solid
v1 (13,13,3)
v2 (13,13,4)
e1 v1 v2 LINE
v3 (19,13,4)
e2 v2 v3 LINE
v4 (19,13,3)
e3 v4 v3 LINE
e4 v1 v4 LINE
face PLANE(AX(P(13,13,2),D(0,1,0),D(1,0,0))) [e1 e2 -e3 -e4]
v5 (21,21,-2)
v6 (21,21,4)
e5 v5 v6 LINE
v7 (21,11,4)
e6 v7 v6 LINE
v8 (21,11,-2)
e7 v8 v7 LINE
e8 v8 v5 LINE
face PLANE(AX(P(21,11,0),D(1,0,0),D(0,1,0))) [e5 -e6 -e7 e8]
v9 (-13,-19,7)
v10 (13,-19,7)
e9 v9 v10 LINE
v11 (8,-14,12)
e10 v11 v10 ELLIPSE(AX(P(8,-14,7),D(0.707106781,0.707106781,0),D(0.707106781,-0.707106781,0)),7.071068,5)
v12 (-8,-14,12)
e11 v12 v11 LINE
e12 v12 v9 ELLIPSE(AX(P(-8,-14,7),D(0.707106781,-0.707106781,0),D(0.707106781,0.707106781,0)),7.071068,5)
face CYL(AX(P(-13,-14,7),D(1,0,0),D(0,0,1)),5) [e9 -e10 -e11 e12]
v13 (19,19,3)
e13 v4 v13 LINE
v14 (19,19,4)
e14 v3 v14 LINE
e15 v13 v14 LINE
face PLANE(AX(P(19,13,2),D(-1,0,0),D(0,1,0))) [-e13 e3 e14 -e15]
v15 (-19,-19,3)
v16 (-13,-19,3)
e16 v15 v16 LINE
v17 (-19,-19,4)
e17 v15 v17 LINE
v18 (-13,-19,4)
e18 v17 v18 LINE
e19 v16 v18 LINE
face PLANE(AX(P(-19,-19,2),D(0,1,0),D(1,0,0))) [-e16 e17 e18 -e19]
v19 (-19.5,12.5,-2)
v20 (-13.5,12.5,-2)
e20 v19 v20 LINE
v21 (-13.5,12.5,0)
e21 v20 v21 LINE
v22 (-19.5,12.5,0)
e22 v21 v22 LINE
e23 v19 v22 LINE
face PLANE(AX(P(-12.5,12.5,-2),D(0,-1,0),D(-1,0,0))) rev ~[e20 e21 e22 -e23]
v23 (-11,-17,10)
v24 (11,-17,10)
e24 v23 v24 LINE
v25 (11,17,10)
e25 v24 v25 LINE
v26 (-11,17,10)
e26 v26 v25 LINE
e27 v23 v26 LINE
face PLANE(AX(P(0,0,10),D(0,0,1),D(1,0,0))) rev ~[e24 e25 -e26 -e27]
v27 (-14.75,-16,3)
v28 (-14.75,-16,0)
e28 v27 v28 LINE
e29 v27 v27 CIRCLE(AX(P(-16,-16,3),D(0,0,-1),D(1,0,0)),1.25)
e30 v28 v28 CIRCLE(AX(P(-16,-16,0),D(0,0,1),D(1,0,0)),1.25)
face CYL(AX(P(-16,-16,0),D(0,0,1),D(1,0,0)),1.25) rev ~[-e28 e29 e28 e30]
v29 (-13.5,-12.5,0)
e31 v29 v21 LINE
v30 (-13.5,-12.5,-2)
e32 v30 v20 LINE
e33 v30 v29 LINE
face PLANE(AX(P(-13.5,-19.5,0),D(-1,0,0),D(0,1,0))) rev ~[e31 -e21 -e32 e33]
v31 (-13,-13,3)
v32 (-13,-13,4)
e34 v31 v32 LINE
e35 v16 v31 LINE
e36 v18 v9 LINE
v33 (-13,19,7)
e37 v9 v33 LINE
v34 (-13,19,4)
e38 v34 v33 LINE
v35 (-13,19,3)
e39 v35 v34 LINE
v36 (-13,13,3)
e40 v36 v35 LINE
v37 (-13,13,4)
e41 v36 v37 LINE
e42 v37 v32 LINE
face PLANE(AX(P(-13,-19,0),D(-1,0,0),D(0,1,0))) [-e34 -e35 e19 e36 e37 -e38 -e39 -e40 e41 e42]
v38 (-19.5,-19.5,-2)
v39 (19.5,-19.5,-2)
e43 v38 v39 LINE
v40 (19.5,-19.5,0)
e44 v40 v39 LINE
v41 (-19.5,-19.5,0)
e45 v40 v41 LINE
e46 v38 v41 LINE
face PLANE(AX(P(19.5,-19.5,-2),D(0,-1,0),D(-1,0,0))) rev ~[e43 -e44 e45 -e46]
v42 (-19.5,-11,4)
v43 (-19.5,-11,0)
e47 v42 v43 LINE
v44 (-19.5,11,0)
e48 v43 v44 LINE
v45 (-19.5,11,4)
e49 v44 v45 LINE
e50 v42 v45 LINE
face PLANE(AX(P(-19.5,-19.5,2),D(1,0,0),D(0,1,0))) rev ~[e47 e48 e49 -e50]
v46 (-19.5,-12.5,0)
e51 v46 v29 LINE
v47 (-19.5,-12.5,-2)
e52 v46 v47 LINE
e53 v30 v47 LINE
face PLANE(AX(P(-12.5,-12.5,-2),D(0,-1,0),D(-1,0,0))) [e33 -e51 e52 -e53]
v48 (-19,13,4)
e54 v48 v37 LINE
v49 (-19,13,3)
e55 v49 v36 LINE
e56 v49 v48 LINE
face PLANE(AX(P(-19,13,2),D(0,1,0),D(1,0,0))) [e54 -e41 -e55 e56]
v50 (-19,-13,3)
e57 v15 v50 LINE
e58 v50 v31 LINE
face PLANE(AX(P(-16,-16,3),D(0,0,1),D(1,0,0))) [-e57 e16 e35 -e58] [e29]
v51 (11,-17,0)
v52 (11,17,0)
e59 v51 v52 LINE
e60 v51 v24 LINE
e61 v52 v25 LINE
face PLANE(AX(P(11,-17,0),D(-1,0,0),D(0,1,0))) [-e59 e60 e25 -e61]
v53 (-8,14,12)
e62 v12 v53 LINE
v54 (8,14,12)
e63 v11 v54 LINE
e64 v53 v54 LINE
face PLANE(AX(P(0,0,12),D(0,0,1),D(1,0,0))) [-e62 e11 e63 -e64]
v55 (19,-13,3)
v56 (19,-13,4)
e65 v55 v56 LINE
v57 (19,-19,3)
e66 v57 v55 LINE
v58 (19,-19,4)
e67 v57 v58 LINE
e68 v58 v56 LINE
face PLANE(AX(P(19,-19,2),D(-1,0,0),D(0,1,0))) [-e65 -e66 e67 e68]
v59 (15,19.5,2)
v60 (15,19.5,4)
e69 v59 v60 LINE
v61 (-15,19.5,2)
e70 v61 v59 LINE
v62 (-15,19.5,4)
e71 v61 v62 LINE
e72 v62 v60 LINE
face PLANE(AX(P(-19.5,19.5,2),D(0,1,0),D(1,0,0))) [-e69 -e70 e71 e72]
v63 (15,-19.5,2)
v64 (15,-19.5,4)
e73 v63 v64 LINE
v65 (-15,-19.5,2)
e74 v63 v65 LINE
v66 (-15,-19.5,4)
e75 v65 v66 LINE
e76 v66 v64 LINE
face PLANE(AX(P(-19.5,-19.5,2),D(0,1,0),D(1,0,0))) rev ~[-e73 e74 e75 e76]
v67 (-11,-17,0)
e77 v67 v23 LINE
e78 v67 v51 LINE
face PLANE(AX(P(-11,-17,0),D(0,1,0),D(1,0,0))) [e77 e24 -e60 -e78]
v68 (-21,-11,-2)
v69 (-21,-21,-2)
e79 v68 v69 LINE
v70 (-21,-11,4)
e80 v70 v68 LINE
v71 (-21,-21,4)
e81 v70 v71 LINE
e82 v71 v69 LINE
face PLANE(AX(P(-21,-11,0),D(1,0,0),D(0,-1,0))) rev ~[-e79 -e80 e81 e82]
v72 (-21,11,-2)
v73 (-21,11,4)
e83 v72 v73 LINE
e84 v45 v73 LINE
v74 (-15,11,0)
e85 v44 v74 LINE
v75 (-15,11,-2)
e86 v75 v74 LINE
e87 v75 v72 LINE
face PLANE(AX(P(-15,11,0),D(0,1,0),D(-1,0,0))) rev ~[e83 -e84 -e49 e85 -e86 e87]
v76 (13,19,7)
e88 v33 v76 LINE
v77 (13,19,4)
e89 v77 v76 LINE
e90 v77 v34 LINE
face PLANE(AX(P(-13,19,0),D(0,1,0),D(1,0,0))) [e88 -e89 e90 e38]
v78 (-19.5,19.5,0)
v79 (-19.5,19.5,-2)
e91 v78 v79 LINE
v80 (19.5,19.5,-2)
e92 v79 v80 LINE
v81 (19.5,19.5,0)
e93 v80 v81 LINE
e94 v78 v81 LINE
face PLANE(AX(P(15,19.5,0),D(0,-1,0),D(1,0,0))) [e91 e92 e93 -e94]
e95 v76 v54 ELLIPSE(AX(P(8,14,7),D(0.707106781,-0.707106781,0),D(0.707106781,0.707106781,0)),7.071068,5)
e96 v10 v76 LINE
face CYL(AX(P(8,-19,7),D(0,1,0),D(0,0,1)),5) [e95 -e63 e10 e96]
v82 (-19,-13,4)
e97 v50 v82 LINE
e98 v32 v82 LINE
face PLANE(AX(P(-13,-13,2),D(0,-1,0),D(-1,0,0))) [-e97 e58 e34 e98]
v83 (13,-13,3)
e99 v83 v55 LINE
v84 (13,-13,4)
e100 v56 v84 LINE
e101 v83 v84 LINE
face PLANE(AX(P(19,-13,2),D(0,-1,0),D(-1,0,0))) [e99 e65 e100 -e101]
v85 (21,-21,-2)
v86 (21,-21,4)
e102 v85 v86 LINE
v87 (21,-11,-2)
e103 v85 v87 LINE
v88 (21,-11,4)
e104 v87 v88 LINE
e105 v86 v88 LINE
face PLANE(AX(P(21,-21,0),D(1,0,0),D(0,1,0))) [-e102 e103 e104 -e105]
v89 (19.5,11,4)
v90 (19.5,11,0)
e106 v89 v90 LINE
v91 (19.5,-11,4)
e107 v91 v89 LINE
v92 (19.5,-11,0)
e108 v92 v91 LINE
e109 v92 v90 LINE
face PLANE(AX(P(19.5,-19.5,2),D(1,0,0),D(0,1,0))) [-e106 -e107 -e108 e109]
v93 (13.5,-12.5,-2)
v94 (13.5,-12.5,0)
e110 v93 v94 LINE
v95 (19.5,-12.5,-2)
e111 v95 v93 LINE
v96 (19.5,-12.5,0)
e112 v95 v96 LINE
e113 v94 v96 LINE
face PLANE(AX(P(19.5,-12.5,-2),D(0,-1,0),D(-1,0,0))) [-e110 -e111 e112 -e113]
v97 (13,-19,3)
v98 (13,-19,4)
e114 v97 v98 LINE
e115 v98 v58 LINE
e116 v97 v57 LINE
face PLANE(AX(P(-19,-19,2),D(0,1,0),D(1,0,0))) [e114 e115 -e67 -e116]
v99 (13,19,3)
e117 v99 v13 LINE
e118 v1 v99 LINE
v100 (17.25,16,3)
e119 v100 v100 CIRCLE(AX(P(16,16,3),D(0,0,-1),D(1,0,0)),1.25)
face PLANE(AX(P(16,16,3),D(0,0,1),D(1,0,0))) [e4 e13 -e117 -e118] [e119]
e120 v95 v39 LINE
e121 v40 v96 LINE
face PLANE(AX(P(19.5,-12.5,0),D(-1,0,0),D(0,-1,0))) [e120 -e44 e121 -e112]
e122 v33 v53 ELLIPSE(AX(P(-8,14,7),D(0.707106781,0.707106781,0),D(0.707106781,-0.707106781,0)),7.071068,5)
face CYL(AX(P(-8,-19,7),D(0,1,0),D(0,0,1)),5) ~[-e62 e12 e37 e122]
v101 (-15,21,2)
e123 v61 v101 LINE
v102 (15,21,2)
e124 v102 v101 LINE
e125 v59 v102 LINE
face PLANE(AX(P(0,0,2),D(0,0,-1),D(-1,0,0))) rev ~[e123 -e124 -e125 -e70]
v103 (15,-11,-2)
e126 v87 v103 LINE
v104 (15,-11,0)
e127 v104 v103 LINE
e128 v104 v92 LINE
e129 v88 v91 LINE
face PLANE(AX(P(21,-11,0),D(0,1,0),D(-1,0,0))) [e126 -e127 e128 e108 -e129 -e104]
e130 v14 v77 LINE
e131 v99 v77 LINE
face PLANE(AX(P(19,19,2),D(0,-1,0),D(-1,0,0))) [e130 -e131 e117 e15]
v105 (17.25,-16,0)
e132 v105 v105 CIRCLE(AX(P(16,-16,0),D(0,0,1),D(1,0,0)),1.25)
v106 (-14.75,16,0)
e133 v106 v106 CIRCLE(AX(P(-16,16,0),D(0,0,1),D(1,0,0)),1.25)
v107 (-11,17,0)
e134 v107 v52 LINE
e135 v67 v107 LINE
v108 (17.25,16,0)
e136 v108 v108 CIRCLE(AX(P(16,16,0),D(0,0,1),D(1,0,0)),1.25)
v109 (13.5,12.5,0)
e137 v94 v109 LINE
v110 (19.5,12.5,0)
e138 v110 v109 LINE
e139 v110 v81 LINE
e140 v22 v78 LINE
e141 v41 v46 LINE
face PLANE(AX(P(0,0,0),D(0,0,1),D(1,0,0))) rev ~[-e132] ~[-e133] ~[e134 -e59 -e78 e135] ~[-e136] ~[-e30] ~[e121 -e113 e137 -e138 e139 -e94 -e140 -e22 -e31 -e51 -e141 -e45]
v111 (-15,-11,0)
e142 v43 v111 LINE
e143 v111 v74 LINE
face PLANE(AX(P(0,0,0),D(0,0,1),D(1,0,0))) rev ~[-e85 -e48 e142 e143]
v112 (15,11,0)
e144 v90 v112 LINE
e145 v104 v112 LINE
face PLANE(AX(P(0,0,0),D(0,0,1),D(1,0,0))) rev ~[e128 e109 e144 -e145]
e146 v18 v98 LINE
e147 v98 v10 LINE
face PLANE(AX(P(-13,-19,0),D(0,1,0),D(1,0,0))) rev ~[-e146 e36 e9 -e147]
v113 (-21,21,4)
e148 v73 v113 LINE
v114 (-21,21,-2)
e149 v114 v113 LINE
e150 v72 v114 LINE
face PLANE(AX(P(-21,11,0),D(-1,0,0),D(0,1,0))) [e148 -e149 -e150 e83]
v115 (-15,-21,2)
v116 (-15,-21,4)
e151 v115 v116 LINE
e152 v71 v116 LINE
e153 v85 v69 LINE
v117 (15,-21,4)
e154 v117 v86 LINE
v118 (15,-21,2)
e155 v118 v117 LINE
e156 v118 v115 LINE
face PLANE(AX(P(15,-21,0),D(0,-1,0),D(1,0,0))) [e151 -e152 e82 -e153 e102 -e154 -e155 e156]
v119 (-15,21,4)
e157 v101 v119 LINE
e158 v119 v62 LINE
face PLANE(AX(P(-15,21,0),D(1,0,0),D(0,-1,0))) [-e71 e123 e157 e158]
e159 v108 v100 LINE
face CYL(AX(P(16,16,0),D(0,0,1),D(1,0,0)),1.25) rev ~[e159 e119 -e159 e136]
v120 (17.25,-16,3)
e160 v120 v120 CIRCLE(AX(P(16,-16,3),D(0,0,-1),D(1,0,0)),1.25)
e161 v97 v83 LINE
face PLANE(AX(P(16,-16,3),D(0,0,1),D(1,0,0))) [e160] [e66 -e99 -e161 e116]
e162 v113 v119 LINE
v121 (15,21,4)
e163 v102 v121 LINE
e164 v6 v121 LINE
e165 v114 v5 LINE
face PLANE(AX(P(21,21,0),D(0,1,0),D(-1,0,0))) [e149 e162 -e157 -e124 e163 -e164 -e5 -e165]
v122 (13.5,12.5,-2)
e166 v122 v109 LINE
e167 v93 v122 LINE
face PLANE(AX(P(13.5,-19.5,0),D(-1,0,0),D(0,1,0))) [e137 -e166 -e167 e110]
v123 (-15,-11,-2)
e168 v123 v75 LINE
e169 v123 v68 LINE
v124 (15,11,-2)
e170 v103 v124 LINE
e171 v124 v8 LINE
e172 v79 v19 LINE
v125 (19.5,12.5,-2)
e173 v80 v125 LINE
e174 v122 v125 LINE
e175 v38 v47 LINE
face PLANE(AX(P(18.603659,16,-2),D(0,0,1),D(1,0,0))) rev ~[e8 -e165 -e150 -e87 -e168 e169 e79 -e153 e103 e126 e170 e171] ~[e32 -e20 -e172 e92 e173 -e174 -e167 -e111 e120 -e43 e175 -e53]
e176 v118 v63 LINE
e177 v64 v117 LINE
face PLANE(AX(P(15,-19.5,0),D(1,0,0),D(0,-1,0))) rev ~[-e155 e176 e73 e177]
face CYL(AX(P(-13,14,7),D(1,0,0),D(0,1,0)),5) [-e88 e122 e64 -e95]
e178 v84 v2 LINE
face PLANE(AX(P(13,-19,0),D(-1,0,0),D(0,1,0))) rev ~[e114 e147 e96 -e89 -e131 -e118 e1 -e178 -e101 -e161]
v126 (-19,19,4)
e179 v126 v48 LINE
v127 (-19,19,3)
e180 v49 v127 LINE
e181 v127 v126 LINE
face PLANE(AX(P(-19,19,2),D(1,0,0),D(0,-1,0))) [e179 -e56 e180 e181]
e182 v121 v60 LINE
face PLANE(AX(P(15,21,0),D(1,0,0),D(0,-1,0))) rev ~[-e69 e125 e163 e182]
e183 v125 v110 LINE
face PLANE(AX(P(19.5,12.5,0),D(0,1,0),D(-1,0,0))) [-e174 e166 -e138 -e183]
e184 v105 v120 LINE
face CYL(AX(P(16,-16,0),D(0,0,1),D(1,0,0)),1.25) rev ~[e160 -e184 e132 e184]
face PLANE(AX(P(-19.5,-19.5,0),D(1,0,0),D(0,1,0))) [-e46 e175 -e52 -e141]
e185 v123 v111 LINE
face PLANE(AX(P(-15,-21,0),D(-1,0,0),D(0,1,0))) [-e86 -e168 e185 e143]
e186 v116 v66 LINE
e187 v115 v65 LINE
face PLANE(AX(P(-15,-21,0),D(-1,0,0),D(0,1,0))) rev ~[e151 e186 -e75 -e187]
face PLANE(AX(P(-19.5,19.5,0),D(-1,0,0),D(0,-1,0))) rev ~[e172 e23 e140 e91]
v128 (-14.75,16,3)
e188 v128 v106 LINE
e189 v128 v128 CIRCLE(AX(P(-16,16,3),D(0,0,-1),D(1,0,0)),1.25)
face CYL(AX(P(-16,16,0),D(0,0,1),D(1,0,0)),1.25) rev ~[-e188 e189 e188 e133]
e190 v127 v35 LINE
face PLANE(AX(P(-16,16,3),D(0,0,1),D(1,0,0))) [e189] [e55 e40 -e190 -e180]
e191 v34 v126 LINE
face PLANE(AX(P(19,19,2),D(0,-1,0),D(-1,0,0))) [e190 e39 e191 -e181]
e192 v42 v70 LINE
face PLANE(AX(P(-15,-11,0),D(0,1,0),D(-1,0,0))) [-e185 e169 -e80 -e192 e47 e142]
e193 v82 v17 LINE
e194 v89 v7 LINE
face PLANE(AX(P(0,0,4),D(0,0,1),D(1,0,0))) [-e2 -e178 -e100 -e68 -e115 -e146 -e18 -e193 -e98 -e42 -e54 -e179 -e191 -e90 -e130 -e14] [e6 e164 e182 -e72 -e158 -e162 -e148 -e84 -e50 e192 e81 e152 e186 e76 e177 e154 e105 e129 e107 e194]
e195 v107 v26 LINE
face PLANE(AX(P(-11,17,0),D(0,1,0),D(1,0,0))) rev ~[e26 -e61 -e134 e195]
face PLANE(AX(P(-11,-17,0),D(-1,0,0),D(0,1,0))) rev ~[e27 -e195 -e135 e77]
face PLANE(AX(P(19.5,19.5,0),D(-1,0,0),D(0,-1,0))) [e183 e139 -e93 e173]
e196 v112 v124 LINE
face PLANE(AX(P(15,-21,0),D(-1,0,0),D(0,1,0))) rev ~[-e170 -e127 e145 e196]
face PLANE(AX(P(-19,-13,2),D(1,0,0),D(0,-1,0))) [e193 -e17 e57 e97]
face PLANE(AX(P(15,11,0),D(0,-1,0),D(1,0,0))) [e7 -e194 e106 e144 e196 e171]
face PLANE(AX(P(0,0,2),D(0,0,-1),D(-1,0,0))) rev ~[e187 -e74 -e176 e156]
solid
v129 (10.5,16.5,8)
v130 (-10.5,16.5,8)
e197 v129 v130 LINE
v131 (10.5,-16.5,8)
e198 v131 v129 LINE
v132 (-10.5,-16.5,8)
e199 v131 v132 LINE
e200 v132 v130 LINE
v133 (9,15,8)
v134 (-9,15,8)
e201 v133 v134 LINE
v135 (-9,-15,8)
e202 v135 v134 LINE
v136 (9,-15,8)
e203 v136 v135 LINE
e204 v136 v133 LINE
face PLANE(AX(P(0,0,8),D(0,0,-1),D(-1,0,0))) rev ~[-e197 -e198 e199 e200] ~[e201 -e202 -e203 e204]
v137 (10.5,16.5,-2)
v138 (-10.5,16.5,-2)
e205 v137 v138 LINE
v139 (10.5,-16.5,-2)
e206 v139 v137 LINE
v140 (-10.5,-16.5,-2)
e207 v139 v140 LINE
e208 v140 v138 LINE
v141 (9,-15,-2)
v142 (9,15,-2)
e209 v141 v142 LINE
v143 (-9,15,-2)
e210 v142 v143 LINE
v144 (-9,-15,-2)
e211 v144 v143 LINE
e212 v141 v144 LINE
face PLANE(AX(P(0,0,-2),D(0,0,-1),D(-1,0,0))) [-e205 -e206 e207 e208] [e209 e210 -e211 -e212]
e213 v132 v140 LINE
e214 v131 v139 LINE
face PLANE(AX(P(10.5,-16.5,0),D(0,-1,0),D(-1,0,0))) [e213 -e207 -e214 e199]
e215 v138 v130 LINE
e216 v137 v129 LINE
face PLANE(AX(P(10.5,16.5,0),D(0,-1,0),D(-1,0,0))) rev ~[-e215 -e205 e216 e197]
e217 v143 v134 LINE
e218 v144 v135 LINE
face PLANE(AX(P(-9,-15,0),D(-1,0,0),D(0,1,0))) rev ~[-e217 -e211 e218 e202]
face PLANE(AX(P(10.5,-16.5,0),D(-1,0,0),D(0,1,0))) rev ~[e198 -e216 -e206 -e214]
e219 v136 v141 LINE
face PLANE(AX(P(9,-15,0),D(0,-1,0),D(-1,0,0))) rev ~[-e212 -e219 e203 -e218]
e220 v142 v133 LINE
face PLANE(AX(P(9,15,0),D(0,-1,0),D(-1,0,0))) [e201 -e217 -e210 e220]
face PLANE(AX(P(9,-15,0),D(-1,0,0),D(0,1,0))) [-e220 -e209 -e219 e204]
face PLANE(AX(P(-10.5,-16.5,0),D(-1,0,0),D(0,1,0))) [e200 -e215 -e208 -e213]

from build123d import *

# Parameters (mm, degrees)
SKETCH_1_W               = 26
SKETCH_1_H               = 38
EXTRUDE_1_DEPTH          = 12
SKETCH_2_W               = 22
SKETCH_2_H               = 34
CUT_EXTRUDE_1_DEPTH      = 10
SKETCH_4_W               = 6
SKETCH_4_H               = 6
EXTRUDE_2_DEPTH          = 3
FILLET_1_R               = 5
SKETCH_6_W               = 30
SKETCH_6_H               = 42
SKETCH_6_W_2             = 27
SKETCH_6_H_2             = 39
EXTRUDE_3_DEPTH          = 2
EXTRUDE_3_DEPTH_BACK     = 2
SKETCH_5_R               = 1.25
CUT_EXTRUDE_4_DEPTH      = 13
CUT_EXTRUDE_4_DEPTH_BACK = 3
CUT_EXTRUDE_START        = 5
SKETCH_7_W               = 7
SKETCH_7_H               = 7
CUT_EXTRUDE_5_DEPTH      = 2
EXTRUDE_4_DEPTH          = 4
EXTRUDE_4_DEPTH_BACK     = 2
SKETCH_9_W               = 21
SKETCH_9_H               = 33
SKETCH_9_W_2             = 18
SKETCH_9_H_2             = 30
EXTRUDE_5_DEPTH          = 2
EXTRUDE_5_DEPTH_BACK     = 8
SKETCH_11_W              = 39
SKETCH_11_H              = 39
EXTRUDE_9_DEPTH          = 2
EXTRUDE_9_DEPTH_BACK     = 2


with BuildPart() as part:
    # ｽｹｯﾁ1 → ﾎﾞｽ - 押し出し1 (new body)
    with BuildSketch(Plane.XY):
        Rectangle(SKETCH_1_W, SKETCH_1_H)
    extrude(amount=EXTRUDE_1_DEPTH)

    # ｽｹｯﾁ2 → ｶｯﾄ - 押し出し1 (cut)
    with BuildSketch(Plane.XY):
        Rectangle(SKETCH_2_W, SKETCH_2_H)
    extrude(amount=CUT_EXTRUDE_1_DEPTH, mode=Mode.SUBTRACT)

    # ｽｹｯﾁ4 → ﾎﾞｽ - 押し出し2 (add)
    with BuildSketch(Plane.XY):
        with Locations((16, 16)):
            Rectangle(SKETCH_4_W, SKETCH_4_H)
        with Locations((16, -16)):
            Rectangle(SKETCH_4_W, SKETCH_4_H)
        with Locations((-16, -16)):
            Rectangle(SKETCH_4_W, SKETCH_4_H)
        with Locations((-16, 16)):
            Rectangle(SKETCH_4_W, SKETCH_4_H)
    extrude(amount=EXTRUDE_2_DEPTH)

    # ﾌｨﾚｯﾄ1
    fillet_1_edges = [part.edges().sort_by_distance(p)[0] for p in [
        (0, 19, 12),
        (0, -19, 12),
        (13, 0, 12),
        (-13, 0, 12),
    ]]
    fillet(fillet_1_edges, radius=FILLET_1_R)

    # ｽｹｯﾁ6 → ﾎﾞｽ - 押し出し3 (add, two sides)
    with BuildSketch(Plane(origin=(0, 0, 0), x_dir=(-1, 0, 0), z_dir=(0, 0, -1))) as extrude_3_sk:
        Rectangle(SKETCH_6_W, SKETCH_6_H)
        Rectangle(SKETCH_6_W_2, SKETCH_6_H_2, mode=Mode.SUBTRACT)
    extrude(amount=EXTRUDE_3_DEPTH)
    extrude(extrude_3_sk.sketch, amount=-EXTRUDE_3_DEPTH_BACK)

    # ｽｹｯﾁ5 → ｶｯﾄ - 押し出し4 (cut, two sides)
    with BuildSketch(Plane.XY) as cut_extrude_4_sk:
        with Locations((-16, 16)):
            Circle(SKETCH_5_R)
        with Locations((-16, -16)):
            Circle(SKETCH_5_R)
        with Locations((16, -16)):
            Circle(SKETCH_5_R)
        with Locations((16, 16)):
            Circle(SKETCH_5_R)
    extrude(amount=CUT_EXTRUDE_4_DEPTH, mode=Mode.SUBTRACT)
    extrude(cut_extrude_4_sk.sketch, amount=-CUT_EXTRUDE_4_DEPTH_BACK, mode=Mode.SUBTRACT)

    # ｽｹｯﾁ7 → ｶｯﾄ - 押し出し5 (cut)
    with BuildSketch(Plane(origin=(0, 0, 3), x_dir=(-1, 0, 0), z_dir=(0, 0, -1)).offset(CUT_EXTRUDE_START)):
        with Locations((-16, 16)):
            Rectangle(SKETCH_7_W, SKETCH_7_H)
        with Locations((16, 16)):
            Rectangle(SKETCH_7_W, SKETCH_7_H)
        with Locations((16, -16)):
            Rectangle(SKETCH_7_W, SKETCH_7_H)
        with Locations((-16, -16)):
            Rectangle(SKETCH_7_W, SKETCH_7_H)
    extrude(amount=-CUT_EXTRUDE_5_DEPTH, mode=Mode.SUBTRACT)

    # ｽｹｯﾁ8 → ﾎﾞｽ - 押し出し4 (add, two sides)
    with BuildSketch(Plane.XY) as extrude_4_sk:
        Polygon((15, 21), (15, 19.5), (19.5, 19.5), (19.5, 12.5), (15, 12.5), (15, 11), (21, 11), (21, 21), align=None)
        Polygon((-15, 21), (-15, 19.5), (-19.5, 19.5), (-19.5, 12.5), (-15, 12.5), (-15, 11), (-21, 11), (-21, 21), align=None)
        Polygon((15, -21), (21, -21), (21, -11), (15, -11), (15, -12.5), (19.5, -12.5), (19.5, -19.5), (15, -19.5), align=None)
        Polygon((-21, -21), (-15, -21), (-15, -19.5), (-19.5, -19.5), (-19.5, -12.5), (-15, -12.5), (-15, -11), (-21, -11), align=None)
    extrude(amount=EXTRUDE_4_DEPTH)
    extrude(extrude_4_sk.sketch, amount=-EXTRUDE_4_DEPTH_BACK)

    # ｽｹｯﾁ11 → ﾎﾞｽ - 押し出し9 (add, two sides)
    with BuildSketch(Plane.XY.offset(2)) as extrude_9_sk:
        Rectangle(SKETCH_11_W, SKETCH_11_H)
        Polygon((-19, 13), (-13, 13), (-13, -13), (-19, -13), (-19, -19), (19, -19), (19, -13), (13, -13), (13, 13), (19, 13), (19, 19), (-19, 19), align=None, mode=Mode.SUBTRACT)
    extrude(amount=EXTRUDE_9_DEPTH)
    extrude(extrude_9_sk.sketch, amount=-EXTRUDE_9_DEPTH_BACK)


with BuildPart() as body_2:
    # ｽｹｯﾁ9 → ﾎﾞｽ - 押し出し5 (new body, two sides)
    with BuildSketch(Plane(origin=(0, 0, 0), x_dir=(-1, 0, 0), z_dir=(0, 0, -1))) as extrude_5_sk:
        Rectangle(SKETCH_9_W, SKETCH_9_H)
        Rectangle(SKETCH_9_W_2, SKETCH_9_H_2, mode=Mode.SUBTRACT)
    extrude(amount=EXTRUDE_5_DEPTH)
    extrude(extrude_5_sk.sketch, amount=-EXTRUDE_5_DEPTH_BACK)


solid = Compound([part.part, body_2.part])
